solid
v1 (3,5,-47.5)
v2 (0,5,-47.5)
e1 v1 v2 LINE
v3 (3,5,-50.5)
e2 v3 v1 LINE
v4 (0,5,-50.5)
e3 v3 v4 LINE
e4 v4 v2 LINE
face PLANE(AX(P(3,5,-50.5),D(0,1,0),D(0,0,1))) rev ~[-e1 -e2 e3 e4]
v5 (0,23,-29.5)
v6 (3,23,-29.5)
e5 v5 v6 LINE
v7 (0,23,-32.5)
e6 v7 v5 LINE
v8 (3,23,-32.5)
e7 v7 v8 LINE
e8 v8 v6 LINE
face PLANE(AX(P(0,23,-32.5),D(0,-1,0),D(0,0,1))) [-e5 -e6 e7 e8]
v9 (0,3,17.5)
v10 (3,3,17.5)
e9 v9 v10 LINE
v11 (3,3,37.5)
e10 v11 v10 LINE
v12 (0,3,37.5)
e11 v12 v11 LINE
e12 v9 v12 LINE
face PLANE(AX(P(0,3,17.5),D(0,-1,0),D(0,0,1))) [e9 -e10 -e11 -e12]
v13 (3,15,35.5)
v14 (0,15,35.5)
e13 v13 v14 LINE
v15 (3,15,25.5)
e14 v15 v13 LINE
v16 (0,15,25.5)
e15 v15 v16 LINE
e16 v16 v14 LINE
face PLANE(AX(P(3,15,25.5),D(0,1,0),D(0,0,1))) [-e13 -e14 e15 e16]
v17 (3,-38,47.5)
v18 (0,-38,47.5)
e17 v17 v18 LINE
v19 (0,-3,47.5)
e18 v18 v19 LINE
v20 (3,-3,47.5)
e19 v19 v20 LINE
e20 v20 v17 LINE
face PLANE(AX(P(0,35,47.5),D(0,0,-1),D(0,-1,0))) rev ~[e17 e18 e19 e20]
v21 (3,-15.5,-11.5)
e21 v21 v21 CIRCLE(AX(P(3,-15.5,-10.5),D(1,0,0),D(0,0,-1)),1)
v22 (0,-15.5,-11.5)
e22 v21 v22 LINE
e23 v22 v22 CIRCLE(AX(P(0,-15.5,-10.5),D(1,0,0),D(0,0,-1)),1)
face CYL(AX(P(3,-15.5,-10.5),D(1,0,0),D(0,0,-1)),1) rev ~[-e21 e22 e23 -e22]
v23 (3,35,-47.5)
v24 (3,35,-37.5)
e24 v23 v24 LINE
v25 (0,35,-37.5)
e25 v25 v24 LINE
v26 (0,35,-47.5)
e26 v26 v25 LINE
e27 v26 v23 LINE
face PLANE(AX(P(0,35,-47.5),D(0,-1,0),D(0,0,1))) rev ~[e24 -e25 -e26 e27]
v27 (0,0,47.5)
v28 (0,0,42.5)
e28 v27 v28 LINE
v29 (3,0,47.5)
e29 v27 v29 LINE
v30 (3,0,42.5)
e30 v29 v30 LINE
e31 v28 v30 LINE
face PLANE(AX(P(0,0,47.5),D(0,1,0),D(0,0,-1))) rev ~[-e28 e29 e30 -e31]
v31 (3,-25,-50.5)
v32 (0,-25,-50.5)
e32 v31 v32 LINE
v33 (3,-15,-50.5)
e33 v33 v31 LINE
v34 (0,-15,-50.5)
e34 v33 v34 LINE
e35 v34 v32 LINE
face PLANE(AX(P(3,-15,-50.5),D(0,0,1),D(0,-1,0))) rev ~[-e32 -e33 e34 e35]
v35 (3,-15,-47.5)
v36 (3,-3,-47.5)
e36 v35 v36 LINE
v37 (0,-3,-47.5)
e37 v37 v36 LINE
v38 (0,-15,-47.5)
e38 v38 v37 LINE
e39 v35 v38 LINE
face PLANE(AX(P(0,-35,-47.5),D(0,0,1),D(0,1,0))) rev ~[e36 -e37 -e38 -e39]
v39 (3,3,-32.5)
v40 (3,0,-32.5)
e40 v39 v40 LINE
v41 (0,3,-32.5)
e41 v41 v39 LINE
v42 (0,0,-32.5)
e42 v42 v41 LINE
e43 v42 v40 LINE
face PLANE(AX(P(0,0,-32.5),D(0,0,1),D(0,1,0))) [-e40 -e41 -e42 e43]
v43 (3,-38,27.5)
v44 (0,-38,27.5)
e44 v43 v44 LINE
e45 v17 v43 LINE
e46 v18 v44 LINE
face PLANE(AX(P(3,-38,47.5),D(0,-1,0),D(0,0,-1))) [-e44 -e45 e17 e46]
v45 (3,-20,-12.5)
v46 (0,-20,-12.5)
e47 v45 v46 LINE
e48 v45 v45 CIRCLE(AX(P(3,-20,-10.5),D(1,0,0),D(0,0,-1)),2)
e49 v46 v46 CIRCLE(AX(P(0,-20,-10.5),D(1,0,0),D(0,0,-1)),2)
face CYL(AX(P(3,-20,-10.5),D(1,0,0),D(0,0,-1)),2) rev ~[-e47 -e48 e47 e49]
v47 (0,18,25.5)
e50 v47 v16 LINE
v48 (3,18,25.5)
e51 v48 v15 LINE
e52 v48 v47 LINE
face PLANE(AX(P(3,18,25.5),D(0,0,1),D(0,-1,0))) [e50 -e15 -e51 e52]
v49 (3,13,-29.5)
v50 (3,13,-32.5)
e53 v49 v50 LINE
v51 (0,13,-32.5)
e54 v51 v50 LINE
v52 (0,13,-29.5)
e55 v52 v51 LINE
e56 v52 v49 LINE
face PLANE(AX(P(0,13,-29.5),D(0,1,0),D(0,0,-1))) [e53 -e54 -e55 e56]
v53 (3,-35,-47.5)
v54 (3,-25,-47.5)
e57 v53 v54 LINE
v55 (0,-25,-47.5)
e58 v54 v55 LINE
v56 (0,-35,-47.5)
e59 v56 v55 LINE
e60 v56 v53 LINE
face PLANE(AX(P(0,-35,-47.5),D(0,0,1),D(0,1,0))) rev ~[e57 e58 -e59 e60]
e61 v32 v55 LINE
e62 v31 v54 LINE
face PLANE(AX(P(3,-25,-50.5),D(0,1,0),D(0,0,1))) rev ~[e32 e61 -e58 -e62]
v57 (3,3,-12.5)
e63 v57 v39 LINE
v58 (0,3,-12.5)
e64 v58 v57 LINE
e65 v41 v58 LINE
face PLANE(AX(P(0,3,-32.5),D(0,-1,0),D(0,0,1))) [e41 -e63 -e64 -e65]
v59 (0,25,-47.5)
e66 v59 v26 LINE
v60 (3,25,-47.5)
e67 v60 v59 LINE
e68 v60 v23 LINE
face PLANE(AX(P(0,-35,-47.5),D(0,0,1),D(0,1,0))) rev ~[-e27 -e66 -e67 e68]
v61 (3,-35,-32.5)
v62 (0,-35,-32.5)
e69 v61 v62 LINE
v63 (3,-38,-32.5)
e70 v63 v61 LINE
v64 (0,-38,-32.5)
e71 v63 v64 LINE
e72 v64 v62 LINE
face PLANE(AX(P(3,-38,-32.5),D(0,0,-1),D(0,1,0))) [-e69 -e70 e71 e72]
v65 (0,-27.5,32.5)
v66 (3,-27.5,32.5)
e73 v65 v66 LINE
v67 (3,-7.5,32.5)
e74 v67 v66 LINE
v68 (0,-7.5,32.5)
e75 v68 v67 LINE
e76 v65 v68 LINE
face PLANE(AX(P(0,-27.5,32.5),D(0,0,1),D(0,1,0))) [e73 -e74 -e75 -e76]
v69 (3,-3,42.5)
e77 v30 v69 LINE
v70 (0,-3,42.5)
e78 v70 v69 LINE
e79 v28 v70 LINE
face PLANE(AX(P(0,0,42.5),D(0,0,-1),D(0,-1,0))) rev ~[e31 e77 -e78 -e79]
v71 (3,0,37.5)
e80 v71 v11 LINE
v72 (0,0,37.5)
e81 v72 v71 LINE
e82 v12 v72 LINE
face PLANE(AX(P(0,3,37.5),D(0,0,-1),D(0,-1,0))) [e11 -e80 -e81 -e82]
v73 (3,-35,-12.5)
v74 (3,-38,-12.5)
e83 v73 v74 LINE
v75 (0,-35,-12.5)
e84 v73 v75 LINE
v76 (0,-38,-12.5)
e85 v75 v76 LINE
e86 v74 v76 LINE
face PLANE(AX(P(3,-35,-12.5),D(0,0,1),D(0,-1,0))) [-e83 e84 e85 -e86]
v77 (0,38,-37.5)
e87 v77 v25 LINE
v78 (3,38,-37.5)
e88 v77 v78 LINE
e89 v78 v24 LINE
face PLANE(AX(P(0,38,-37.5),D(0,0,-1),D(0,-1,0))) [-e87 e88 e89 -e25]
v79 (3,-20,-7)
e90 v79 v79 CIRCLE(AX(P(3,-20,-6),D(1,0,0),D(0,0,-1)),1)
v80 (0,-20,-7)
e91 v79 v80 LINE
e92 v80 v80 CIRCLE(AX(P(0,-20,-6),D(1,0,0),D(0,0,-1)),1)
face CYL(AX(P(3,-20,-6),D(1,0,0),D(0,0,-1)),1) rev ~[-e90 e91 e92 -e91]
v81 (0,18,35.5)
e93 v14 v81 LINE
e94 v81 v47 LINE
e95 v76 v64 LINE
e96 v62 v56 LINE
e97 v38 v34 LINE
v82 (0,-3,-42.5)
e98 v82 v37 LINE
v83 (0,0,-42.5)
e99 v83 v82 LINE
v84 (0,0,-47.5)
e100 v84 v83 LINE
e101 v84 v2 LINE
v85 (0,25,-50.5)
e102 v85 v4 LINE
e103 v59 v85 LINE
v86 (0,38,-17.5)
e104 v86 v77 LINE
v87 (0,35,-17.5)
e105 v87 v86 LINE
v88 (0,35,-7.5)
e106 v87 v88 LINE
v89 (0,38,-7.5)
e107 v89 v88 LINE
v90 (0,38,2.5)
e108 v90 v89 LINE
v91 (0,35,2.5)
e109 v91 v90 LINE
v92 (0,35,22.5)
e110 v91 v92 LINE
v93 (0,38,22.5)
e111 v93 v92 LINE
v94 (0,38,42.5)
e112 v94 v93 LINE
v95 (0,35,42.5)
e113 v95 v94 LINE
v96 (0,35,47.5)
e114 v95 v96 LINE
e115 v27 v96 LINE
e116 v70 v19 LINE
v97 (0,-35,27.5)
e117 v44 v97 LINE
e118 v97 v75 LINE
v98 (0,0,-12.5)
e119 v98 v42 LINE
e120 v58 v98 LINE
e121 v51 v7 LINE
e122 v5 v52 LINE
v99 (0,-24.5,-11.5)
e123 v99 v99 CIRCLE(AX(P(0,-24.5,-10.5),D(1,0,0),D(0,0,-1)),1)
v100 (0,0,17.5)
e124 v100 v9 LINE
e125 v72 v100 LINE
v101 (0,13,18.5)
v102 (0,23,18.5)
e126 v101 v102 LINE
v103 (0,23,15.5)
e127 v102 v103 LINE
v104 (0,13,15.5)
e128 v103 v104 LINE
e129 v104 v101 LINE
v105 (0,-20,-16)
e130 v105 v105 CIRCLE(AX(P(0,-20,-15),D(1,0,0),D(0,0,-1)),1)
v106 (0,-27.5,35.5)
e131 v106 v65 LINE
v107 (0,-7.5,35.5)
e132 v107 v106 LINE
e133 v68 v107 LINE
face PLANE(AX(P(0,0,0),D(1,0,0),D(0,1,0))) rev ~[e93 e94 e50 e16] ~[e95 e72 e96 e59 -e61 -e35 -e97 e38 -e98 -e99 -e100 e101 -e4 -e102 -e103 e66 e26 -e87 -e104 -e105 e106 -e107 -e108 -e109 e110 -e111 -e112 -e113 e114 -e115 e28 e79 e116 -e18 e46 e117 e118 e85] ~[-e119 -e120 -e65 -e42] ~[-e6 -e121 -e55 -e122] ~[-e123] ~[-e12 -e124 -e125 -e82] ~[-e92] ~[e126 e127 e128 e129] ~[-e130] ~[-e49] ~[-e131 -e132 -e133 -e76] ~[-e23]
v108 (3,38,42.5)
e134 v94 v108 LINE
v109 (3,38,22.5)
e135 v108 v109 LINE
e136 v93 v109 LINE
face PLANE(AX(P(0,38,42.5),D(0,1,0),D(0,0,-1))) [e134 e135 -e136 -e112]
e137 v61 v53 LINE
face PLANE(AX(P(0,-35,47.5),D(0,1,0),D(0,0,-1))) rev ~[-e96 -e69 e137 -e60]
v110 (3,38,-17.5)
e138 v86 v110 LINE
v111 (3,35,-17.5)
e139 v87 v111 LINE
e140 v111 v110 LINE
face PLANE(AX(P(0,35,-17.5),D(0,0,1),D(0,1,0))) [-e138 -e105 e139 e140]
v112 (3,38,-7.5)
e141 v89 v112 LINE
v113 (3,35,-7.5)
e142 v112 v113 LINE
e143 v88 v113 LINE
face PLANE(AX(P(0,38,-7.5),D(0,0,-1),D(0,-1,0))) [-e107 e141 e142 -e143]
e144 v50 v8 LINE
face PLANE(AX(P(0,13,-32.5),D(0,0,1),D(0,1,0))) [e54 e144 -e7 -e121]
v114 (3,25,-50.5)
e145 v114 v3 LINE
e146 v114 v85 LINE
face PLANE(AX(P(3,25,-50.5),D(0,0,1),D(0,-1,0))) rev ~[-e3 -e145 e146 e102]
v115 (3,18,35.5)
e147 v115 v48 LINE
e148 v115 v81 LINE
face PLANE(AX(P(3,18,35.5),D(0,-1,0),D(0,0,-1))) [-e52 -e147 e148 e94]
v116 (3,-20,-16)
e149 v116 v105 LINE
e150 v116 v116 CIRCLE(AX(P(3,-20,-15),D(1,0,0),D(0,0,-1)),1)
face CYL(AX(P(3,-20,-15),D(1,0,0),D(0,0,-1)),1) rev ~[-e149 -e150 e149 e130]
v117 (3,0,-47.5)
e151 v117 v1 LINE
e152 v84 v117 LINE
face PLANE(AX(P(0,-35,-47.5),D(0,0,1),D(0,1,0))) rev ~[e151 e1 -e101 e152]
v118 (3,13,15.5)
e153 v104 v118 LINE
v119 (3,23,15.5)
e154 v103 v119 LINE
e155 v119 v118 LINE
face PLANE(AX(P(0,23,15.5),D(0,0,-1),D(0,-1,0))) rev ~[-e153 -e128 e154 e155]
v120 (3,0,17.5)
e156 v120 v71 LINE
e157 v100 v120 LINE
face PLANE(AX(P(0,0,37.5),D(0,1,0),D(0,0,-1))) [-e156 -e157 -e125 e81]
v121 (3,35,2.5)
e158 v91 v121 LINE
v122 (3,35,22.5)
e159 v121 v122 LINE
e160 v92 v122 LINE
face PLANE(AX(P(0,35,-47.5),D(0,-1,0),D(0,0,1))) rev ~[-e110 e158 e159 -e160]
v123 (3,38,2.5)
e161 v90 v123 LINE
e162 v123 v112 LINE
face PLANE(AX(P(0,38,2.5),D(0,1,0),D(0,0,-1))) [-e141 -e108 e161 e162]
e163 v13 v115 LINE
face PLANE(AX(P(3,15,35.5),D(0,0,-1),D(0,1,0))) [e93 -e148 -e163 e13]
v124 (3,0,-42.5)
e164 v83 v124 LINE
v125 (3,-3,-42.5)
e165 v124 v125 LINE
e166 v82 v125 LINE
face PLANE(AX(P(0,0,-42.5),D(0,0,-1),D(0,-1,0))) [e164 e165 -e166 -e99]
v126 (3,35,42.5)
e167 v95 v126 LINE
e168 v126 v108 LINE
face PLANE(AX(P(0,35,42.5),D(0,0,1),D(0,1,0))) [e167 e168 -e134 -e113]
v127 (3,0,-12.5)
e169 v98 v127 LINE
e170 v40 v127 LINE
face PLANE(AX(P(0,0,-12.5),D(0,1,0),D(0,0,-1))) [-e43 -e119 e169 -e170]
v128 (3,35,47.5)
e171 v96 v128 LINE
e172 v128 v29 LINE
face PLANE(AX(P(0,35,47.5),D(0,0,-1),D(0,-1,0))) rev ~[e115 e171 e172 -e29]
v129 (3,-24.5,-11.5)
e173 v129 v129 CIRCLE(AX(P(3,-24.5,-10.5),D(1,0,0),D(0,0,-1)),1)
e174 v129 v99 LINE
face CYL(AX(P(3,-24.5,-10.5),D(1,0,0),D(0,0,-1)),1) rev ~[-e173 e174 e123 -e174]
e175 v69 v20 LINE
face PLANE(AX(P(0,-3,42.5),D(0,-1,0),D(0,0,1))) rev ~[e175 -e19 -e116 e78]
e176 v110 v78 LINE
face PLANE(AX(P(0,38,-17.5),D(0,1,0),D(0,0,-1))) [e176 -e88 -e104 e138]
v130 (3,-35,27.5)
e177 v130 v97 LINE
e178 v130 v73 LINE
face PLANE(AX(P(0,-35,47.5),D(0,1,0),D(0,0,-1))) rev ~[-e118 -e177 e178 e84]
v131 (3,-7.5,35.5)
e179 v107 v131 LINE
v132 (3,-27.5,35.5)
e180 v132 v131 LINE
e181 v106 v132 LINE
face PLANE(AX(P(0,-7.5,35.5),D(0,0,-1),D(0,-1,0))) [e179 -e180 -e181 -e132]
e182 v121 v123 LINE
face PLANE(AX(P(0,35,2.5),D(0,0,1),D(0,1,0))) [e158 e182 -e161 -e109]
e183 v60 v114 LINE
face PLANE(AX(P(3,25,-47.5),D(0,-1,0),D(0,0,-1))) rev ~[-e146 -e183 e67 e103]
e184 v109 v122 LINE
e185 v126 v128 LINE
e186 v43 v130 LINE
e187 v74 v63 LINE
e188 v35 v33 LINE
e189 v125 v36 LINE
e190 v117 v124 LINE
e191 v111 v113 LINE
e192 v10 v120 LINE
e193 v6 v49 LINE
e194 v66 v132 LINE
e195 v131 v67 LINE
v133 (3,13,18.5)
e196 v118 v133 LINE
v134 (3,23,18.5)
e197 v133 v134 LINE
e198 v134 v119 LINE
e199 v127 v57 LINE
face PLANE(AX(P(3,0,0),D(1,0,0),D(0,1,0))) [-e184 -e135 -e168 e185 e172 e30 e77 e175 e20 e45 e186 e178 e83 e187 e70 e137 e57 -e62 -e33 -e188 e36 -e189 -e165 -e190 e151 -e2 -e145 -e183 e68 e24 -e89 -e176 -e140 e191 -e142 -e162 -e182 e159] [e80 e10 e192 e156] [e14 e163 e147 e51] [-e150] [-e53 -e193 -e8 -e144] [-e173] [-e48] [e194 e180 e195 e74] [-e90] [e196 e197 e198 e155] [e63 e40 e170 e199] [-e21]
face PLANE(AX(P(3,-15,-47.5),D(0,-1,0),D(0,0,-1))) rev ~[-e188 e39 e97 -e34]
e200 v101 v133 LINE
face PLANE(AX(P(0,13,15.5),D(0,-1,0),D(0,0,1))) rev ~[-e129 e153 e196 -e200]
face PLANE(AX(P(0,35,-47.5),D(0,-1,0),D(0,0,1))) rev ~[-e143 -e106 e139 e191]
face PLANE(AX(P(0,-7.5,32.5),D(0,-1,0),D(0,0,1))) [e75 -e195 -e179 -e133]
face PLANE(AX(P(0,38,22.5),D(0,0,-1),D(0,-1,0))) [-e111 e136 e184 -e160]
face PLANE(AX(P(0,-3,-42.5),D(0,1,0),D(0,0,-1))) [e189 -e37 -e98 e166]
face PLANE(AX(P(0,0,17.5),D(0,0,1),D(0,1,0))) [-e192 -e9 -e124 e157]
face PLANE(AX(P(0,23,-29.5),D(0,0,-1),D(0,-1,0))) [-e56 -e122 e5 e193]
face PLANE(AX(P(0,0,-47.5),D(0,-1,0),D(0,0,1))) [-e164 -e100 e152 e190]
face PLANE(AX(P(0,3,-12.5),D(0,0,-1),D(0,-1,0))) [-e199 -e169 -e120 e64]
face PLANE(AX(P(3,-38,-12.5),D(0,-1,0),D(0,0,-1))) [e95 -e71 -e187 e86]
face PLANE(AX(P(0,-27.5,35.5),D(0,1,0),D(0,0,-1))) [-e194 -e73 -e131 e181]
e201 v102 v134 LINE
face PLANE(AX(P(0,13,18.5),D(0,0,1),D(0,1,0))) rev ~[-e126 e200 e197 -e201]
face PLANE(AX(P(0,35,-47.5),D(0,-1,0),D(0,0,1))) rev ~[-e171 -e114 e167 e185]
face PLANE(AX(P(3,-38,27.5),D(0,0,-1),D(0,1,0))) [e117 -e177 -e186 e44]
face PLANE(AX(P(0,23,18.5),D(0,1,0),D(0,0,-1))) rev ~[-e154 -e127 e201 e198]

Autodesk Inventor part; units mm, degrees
ref_plane "YZ Plane" through (0, 0, 0) normal (1, 0, 0) x (0, 1, 0)
ref_plane "XZ Plane" through (0, 0, 0) normal (0, 1, 0) x (-1, 0, 0)
ref_plane "XY Plane" through (0, 0, 0) normal (0, 0, 1) x (1, 0, 0)
sketch "Sketch1" plane through (0, 0, 0) normal (1, 0, 0) x (0, 1, 0)
  line L0 (-35, -47.5) -> (35, -47.5)
  line L1 (35, -47.5) -> (35, 47.5)
  line L2 (35, 47.5) -> (-35, 47.5)
  line L3 (-35, 47.5) -> (-35, -47.5)
  line L4 (-35, -47.5) -> (35, 47.5) construction
  line L5 (35, -47.5) -> (-35, 47.5) construction
  point P0 (0, 0)
  dimension "d0" = 70
  dimension "d1" = 95
extrude "Extrusion1" add sketch "Sketch1" along normal blind 3
sketch "Sketch2" plane through (3, 0, 0) normal (1, 0, 0) x (0, 0, -1)
  line L0 (-47.5, -35) -> (47.5, -35) projected
  line L1 (32.5, -35) -> (12.5, -35)
  line L2 (12.5, -35) -> (12.5, -38)
  line L3 (12.5, -38) -> (32.5, -38)
  line L4 (32.5, -38) -> (32.5, -35)
  line L5 (-27.5, -35) -> (-47.5, -35)
  line L6 (-47.5, -35) -> (-47.5, -38)
  line L7 (-47.5, -38) -> (-27.5, -38)
  line L8 (-27.5, -38) -> (-27.5, -35)
  line L9 (47.5, -35) -> (47.5, 35) projected
  point P0 (0, 0)
  dimension "d4" = 20
  dimension "d5" = 3
  dimension "d6" = 20
  dimension "d7" = 3
  dimension "d8" = 40
  dimension "d9" = 15
extrude "Extrusion2" add sketch "Sketch2" against normal blind 3
sketch "Sketch3" plane through (3, 0, 0) normal (1, 0, 0) x (0, 0, -1)
  line L0 (47.5, -35) -> (47.5, 35) projected
  line L1 (47.5, 25) -> (50.5, 25)
  line L2 (50.5, 25) -> (50.5, 5)
  line L3 (50.5, 5) -> (47.5, 5)
  line L4 (47.5, 5) -> (47.5, 25)
  line L5 (47.5, 35) -> (-47.5, 35) projected
  line L6 (47.5, -15) -> (50.5, -15)
  line L7 (50.5, -15) -> (50.5, -25)
  line L8 (50.5, -25) -> (47.5, -25)
  line L9 (47.5, -25) -> (47.5, -15)
  line L10 (32.5, -35) -> (47.5, -35) projected
  point P0 (0, 0)
  dimension "d12" = 3
  dimension "d13" = 20
  dimension "d14" = 10
  dimension "d15" = 3
  dimension "d16" = 10
  dimension "d17" = 10
  dimension "d18" = 20
extrude "Extrusion3" add sketch "Sketch3" against normal blind 3
sketch "Sketch4" plane through (3, 0, 0) normal (1, 0, 0) x (0, 0, -1)
  line L0 (32.5, -35) -> (32.5, -38) projected
  line L1 (40.5, -38) -> (32.5, -38) projected
  line L2 (40.5, -35) -> (40.5, -38) projected
  line L3 (32.5, -35) -> (40.5, -35) projected
  line L4 (12.5, -38) -> (12.5, -35) projected
  line L5 (-19.5, -35) -> (12.5, -35) projected
  line L6 (-19.5, -35) -> (-19.5, -38) projected
  line L7 (12.5, -38) -> (-19.5, -38) projected
  circle A0 centre (10.5, -20) radius 30 construction
  circle A1 centre (10.5, -20) radius 2
  point P0 (0, 0)
  dimension "d21" = 60
  dimension "d22" = 30
  dimension "d23" = 15
  dimension "d24" = 4
extrude "Extrusion4" cut sketch "Sketch4" against normal blind 3 contours A1
sketch "Sketch5" plane through (3, 0, 0) normal (1, 0, 0) x (0, 0, -1)
  circle A0 centre (10.5, -15.5) radius 1
  circle A1 centre (10.5, -20) radius 2 projected
  circle A2 centre (6, -20) radius 1
  circle A3 centre (10.5, -24.5) radius 1
  circle A4 centre (15, -20) radius 1
  point P0 (0, 0)
  dimension "d27" = 2
  dimension "d28" = 4.5
  dimension "d31" = 360
extrude "Extrusion5" cut sketch "Sketch5" against normal blind 3 contours A0 | A2 | A3 | A4
sketch "Sketch6" plane through (0, 0, 0) normal (-1, 0, 0) x (0, 0, 1)
  line L0 (32.5, -7.5) -> (35.5, -7.5)
  line L1 (35.5, -7.5) -> (35.5, -27.5)
  line L2 (35.5, -27.5) -> (32.5, -27.5)
  line L3 (32.5, -27.5) -> (32.5, -7.5)
  line L4 (-47.5, -15) -> (-47.5, 5) projected
  line L5 (27.5, -35) -> (-12.5, -35) projected
  point P0 (0, 0)
  dimension "d35" = 3
  dimension "d36" = 20
  dimension "d37" = 80
  dimension "d38" = 7.5
extrude "Extrusion6" cut sketch "Sketch6" against normal blind 10
sketch "Sketch7" plane through (0, 0, 0) normal (-1, 0, 0) x (0, 0, 1)
  line L0 (-32.5, 3) -> (-12.5, 3)
  line L1 (-12.5, 3) -> (-12.5, 0)
  line L2 (-12.5, 0) -> (-32.5, 0)
  line L3 (-32.5, 0) -> (-32.5, 3)
  line L4 (27.5, -35) -> (-12.5, -35) projected
  line L5 (-47.5, -15) -> (-47.5, 5) projected
  line L6 (17.5, 3) -> (37.5, 3)
  line L7 (37.5, 3) -> (37.5, 0)
  line L8 (37.5, 0) -> (17.5, 0)
  line L9 (17.5, 0) -> (17.5, 3)
  point P0 (0, 0)
  dimension "d41" = 20
  dimension "d42" = 3
  dimension "d43" = 35
  dimension "d44" = 15
  dimension "d45" = 20
  dimension "d46" = 3
  dimension "d47" = 30
extrude "Extrusion7" cut sketch "Sketch7" against normal blind 10
sketch "Sketch8" plane through (0, 0, 0) normal (-1, 0, 0) x (0, 0, 1)
  line L0 (-32.5, 23) -> (-29.5, 23)
  line L1 (-29.5, 23) -> (-29.5, 13)
  line L2 (-29.5, 13) -> (-32.5, 13)
  line L3 (-32.5, 13) -> (-32.5, 23)
  line L4 (18.5, 23) -> (15.5, 23)
  line L5 (15.5, 23) -> (15.5, 13)
  line L6 (15.5, 13) -> (18.5, 13)
  line L7 (18.5, 13) -> (18.5, 23)
  line L8 (-47.5, 25) -> (-47.5, 35) projected
  line L9 (-32.5, 3) -> (-12.5, 3) projected
  point P0 (0, 0)
  dimension "d50" = 3
  dimension "d51" = 10
  dimension "d52" = 3
  dimension "d53" = 10
  dimension "d54" = 15
  dimension "d55" = 45
  dimension "d56" = 10
extrude "Extrusion8" cut sketch "Sketch8" against normal blind 3
sketch "Sketch9" plane through (3, 0, 0) normal (1, 0, 0) x (0, 0, -1)
  line L0 (-35.5, 18) -> (-25.5, 18)
  line L1 (-25.5, 18) -> (-25.5, 15)
  line L2 (-25.5, 15) -> (-35.5, 15)
  line L3 (-35.5, 15) -> (-35.5, 18)
  line L4 (-37.5, 3) -> (-17.5, 3) projected
  line L5 (-18.5, 13) -> (-18.5, 23) projected
  point P0 (0, 0)
  dimension "d59" = 10
  dimension "d60" = 12
  dimension "d61" = 3
  dimension "d62" = 7
extrude "Extrusion9" cut sketch "Sketch9" against normal blind 3
sketch "Sketch10" plane through (0, 0, 0) normal (-1, 0, 0) x (0, 0, 1)
  line L0 (-47.5, 35) -> (47.5, 35) projected
  line L1 (-37.5, 35) -> (-17.5, 35)
  line L2 (-17.5, 35) -> (-17.5, 38)
  line L3 (-17.5, 38) -> (-37.5, 38)
  line L4 (-37.5, 38) -> (-37.5, 35)
  line L5 (22.5, 35) -> (42.5, 35)
  line L6 (42.5, 35) -> (42.5, 38)
  line L7 (42.5, 38) -> (22.5, 38)
  line L8 (22.5, 38) -> (22.5, 35)
  line L9 (-7.5, 35) -> (2.5, 35)
  line L10 (2.5, 35) -> (2.5, 38)
  line L11 (2.5, 38) -> (-7.5, 38)
  line L12 (-7.5, 38) -> (-7.5, 35)
  line L13 (-47.5, 25) -> (-47.5, 35) projected
  point P0 (0, 0)
  dimension "d65" = 20
  dimension "d66" = 3
  dimension "d67" = 20
  dimension "d68" = 3
  dimension "d69" = 10
  dimension "d70" = 3
  dimension "d71" = 10
  dimension "d72" = 10
  dimension "d73" = 20
extrude "Extrusion10" add sketch "Sketch10" against normal blind 3
sketch "Sketch11" plane through (0, 0, 0) normal (-1, 0, 0) x (0, 0, 1)
  line L0 (-47.5, -15) -> (-47.5, 5) projected
  line L1 (-47.5, 0) -> (-42.5, 0)
  line L2 (-42.5, 0) -> (-42.5, -3)
  line L3 (-42.5, -3) -> (-47.5, -3)
  line L4 (-47.5, -3) -> (-47.5, 0)
  line L5 (-12.5, 0) -> (-32.5, 0) projected
  point P0 (0, 0)
  dimension "d76" = 5
  dimension "d77" = 3
extrude "Extrusion11" cut sketch "Sketch11" against normal blind 3
sketch "Sketch12" plane through (0, 0, 0) normal (-1, 0, 0) x (0, 0, 1)
  line L0 (47.5, 35) -> (47.5, -38) projected
  line L1 (47.5, 0) -> (42.5, 0)
  line L2 (42.5, 0) -> (42.5, -3)
  line L3 (42.5, -3) -> (47.5, -3)
  line L4 (47.5, -3) -> (47.5, 0)
  line L5 (37.5, 0) -> (17.5, 0) projected
  point P0 (0, 0)
  dimension "d80" = 3
  dimension "d81" = 5
extrude "Extrusion12" cut sketch "Sketch12" against normal blind 3
properties part number "Motor support"
